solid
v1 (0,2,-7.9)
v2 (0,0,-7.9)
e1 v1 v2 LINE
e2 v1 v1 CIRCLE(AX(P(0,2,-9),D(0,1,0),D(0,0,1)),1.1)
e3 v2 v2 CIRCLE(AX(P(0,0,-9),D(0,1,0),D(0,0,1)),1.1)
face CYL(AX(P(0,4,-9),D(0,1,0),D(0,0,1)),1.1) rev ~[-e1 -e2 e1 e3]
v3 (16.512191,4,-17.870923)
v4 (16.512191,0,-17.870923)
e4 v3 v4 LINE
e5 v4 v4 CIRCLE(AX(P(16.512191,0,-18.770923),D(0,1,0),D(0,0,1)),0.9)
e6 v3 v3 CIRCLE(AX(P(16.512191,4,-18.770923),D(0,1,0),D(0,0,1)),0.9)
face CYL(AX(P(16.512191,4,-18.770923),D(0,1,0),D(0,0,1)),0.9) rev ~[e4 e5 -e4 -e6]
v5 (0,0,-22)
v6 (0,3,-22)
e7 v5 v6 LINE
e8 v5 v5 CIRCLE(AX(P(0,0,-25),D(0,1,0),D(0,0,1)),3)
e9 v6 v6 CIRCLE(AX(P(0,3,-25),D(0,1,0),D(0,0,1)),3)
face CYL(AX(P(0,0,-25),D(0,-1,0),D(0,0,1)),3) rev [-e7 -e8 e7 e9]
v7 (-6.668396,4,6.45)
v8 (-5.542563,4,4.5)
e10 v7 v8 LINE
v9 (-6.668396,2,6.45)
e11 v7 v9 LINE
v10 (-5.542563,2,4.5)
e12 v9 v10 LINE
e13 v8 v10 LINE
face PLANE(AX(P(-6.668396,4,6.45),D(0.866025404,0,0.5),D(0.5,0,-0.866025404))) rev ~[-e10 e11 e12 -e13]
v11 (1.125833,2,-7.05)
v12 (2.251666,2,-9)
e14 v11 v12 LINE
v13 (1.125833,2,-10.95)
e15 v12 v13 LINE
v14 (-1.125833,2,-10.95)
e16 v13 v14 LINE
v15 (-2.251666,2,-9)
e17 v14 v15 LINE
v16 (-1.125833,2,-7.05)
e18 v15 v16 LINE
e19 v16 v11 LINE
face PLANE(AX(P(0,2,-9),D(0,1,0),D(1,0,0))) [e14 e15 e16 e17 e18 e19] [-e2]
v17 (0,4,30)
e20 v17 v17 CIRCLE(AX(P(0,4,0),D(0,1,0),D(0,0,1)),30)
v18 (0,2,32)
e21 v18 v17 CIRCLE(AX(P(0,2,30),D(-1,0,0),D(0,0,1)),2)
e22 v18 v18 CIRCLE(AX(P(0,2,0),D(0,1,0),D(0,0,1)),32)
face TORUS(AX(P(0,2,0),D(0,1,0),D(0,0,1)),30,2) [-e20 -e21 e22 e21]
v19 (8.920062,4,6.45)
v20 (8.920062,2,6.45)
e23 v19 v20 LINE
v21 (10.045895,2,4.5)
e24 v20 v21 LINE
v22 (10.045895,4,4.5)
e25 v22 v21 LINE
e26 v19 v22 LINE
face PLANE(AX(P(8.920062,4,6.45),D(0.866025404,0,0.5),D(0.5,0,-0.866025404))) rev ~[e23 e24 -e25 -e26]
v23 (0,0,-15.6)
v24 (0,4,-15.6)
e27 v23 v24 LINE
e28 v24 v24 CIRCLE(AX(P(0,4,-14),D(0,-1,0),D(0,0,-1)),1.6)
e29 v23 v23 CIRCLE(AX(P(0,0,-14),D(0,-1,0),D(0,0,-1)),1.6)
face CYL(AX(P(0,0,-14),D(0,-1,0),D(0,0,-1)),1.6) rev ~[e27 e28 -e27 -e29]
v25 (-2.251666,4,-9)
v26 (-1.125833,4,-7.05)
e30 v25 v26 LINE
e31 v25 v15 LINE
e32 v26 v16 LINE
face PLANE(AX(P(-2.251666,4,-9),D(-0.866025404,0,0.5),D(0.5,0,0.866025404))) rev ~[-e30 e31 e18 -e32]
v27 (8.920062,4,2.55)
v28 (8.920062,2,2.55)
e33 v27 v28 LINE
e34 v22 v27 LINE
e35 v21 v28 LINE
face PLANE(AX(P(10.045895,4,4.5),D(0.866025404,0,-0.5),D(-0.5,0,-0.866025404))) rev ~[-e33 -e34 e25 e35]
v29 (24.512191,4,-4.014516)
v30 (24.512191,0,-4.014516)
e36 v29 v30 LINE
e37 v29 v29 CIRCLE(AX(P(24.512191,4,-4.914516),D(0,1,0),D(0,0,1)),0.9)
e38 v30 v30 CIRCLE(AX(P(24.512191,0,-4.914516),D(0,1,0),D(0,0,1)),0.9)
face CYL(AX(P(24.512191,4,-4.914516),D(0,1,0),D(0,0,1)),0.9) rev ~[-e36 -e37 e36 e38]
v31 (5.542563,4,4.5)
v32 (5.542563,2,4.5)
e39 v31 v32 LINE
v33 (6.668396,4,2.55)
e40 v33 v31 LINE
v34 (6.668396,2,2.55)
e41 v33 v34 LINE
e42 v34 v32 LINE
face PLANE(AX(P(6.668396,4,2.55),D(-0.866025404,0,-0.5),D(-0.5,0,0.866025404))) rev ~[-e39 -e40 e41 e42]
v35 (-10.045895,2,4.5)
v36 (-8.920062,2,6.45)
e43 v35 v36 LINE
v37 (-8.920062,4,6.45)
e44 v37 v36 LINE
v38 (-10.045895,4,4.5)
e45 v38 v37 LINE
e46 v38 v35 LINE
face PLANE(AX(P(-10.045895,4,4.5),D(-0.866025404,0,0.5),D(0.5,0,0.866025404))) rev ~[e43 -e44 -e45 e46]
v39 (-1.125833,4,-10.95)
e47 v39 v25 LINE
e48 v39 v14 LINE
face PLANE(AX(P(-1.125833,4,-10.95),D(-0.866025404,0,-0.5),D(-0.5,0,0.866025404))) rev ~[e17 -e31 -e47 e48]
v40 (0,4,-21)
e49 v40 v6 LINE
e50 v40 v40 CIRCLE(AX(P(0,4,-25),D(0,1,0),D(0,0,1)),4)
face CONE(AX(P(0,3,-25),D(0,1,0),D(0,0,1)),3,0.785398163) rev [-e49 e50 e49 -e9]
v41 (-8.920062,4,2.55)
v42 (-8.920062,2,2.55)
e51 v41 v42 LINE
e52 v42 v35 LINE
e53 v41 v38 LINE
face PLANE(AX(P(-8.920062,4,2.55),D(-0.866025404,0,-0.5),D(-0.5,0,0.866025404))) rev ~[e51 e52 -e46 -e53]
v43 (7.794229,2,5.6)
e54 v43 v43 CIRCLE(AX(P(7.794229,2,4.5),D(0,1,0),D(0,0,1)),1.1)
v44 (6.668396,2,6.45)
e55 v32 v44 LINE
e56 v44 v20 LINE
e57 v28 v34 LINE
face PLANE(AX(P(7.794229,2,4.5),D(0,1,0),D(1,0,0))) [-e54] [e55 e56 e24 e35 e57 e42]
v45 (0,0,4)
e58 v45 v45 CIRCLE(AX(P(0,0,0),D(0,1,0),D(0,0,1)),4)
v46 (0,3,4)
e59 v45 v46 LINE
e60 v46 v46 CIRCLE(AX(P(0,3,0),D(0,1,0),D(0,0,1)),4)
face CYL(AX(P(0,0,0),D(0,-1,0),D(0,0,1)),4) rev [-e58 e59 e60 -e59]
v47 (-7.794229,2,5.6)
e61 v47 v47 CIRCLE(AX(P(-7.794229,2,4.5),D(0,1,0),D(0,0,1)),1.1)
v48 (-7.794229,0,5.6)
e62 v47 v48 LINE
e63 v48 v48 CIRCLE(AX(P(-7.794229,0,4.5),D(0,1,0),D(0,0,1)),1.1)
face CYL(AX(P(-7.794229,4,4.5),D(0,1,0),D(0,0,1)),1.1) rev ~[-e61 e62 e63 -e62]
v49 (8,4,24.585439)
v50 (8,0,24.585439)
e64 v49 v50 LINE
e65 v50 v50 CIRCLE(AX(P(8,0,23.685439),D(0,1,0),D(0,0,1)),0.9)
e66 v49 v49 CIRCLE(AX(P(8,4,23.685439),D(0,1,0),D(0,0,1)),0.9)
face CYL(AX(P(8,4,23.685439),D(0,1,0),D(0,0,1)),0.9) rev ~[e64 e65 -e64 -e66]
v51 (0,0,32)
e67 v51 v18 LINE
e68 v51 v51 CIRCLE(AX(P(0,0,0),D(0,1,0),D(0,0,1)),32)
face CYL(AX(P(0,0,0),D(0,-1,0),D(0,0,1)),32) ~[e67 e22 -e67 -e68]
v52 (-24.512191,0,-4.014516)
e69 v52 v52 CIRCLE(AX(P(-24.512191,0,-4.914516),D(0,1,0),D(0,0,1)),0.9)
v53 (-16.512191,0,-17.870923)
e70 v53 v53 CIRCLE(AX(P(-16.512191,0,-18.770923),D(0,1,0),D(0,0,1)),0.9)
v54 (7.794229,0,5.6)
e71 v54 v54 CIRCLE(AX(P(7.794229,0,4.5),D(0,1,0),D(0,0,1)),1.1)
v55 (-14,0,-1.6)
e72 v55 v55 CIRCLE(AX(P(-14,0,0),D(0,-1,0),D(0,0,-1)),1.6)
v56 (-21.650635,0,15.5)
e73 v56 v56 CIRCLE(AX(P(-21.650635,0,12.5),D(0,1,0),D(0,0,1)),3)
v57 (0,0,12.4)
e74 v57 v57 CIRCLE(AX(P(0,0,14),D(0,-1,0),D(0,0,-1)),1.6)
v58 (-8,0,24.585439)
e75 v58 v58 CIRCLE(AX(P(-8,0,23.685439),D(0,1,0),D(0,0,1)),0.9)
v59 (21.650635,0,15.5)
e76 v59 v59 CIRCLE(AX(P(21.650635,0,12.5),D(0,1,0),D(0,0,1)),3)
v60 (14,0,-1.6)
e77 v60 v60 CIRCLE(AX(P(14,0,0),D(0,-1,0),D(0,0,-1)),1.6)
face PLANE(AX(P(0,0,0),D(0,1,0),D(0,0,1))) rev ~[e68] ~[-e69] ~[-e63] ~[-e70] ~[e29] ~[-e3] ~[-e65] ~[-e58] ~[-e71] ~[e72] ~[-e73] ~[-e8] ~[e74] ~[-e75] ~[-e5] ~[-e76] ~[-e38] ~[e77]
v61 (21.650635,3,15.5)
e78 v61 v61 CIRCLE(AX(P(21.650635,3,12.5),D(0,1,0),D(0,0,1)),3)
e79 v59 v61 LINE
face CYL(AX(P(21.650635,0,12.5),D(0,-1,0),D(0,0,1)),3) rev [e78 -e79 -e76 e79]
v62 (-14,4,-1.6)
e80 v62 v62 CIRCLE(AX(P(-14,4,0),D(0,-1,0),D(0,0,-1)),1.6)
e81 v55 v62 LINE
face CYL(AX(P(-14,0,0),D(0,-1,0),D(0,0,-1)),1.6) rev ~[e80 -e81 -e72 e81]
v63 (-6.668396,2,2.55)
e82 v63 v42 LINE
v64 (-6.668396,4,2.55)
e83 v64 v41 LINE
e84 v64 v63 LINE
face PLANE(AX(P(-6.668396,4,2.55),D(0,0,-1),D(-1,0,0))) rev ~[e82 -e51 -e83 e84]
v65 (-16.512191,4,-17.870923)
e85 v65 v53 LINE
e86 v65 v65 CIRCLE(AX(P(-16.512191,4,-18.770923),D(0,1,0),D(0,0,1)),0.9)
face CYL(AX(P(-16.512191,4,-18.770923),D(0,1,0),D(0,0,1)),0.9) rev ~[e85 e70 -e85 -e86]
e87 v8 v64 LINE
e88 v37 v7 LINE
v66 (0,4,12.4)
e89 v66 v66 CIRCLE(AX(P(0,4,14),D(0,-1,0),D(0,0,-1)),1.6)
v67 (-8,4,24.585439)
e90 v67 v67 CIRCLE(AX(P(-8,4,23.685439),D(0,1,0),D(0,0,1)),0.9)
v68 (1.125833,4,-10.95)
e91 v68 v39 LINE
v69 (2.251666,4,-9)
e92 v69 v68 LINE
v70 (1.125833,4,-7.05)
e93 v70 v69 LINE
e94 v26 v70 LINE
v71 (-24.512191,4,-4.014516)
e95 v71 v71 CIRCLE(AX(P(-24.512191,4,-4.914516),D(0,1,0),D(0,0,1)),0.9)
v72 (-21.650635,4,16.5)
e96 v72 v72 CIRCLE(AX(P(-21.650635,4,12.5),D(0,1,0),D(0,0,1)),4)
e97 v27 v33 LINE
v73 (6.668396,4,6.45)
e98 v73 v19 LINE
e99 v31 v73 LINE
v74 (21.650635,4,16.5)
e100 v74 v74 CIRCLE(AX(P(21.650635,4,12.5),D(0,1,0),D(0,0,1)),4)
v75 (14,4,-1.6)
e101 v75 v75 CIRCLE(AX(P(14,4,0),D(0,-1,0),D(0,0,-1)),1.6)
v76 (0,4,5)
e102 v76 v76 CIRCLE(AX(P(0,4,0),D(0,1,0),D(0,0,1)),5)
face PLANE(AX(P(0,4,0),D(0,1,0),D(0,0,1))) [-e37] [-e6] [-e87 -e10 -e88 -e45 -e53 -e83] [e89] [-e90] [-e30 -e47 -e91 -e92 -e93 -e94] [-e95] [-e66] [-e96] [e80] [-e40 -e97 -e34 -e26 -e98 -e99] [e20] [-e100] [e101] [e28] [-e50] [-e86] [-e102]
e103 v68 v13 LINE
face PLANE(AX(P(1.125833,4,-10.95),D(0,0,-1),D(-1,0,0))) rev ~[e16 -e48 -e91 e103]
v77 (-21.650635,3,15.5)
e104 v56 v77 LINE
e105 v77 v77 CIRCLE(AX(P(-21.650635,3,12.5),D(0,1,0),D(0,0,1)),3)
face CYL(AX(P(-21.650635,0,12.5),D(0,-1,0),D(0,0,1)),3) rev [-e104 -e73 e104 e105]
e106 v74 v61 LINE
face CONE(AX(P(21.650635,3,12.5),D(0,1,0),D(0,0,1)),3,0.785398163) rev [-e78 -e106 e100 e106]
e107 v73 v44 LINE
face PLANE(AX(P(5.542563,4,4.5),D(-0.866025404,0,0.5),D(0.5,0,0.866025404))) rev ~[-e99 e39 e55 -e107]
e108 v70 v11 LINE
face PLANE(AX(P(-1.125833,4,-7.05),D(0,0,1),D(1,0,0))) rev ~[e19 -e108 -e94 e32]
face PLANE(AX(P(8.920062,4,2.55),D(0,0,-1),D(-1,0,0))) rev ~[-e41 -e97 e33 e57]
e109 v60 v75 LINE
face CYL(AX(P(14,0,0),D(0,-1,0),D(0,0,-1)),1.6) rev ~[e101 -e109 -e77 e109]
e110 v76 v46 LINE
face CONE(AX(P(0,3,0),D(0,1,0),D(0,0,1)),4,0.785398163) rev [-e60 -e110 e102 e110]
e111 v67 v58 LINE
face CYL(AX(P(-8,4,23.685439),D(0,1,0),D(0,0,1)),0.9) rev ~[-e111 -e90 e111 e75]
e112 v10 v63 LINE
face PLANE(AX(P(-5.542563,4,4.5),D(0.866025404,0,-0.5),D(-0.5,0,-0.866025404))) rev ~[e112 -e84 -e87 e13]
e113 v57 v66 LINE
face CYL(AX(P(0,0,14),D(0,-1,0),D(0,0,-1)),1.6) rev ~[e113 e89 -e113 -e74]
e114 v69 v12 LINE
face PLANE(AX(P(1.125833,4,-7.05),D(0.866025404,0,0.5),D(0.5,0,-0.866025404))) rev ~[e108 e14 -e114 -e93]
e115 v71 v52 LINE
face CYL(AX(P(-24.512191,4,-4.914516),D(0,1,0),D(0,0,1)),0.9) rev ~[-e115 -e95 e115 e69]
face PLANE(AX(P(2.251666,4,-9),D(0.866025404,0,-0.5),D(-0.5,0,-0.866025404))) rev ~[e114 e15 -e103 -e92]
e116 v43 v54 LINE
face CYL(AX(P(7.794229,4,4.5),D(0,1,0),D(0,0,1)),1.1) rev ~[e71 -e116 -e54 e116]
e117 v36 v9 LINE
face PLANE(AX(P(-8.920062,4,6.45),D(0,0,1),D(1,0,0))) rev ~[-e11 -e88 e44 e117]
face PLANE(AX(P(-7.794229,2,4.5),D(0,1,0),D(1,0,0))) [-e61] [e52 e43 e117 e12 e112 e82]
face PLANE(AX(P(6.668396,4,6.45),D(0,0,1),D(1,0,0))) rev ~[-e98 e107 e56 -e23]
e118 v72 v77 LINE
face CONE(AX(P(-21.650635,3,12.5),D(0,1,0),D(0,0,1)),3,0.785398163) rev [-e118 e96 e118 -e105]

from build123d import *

# Parameters (mm, degrees)
SKETCH_1_R          = 32
SKETCH_1_R_2        = 4
SKETCH_1_R_3        = 3
EXTRUDE_1_DEPTH     = 4
FILLET_1_R          = 2
SKETCH_2_R          = 1.1
CUT_EXTRUDE_1_DEPTH = 46.431266766
SKETCH_3_R          = 1.6
CUT_EXTRUDE_2_DEPTH = 46.431266766
CUT_EXTRUDE_3_DEPTH = 2
CHAMFER_1_SIZE      = 1
SKETCH_5_R          = 0.9
CUT_EXTRUDE_4_DEPTH = 46.431266766


with BuildPart() as part:
    # Эскиз1 → Бобышка-Вытянуть1 (new body)
    with BuildSketch(Plane(origin=(0, 0, 0), x_dir=(1, 0, 0), z_dir=(0, 1, 0))):
        with Locations(Location((0, 0, 0), (0, 0, 270))):
            Circle(SKETCH_1_R)
        with Locations(Location((0, 0, 0), (0, 0, 270))):
            Circle(SKETCH_1_R_2, mode=Mode.SUBTRACT)
        with Locations(Location((0, 25, 0), (0, 0, 270))):
            Circle(SKETCH_1_R_3, mode=Mode.SUBTRACT)
        with Locations(Location((21.650635095, -12.5, 0), (0, 0, 270))):
            Circle(SKETCH_1_R_3, mode=Mode.SUBTRACT)
        with Locations(Location((-21.650635095, -12.5, 0), (0, 0, 270))):
            Circle(SKETCH_1_R_3, mode=Mode.SUBTRACT)
    extrude(amount=EXTRUDE_1_DEPTH)

    # Скругление1
    fillet_1_edges = [part.edges().sort_by_distance(p)[0] for p in [
        (0, 4, -32),
    ]]
    fillet(fillet_1_edges, radius=FILLET_1_R)

    # Эскиз2 → Вырез-Вытянуть1 (cut, through all)
    with BuildSketch(Plane(origin=(0, 4, 0), x_dir=(1, 0, 0), z_dir=(0, 1, 0))):
        with Locations(Location((0, 9, 0), (0, 0, 270))):
            Circle(SKETCH_2_R)
        with Locations(Location((7.794228634, -4.5, 0), (0, 0, 270))):
            Circle(SKETCH_2_R)
        with Locations(Location((-7.794228634, -4.5, 0), (0, 0, 270))):
            Circle(SKETCH_2_R)
    extrude(amount=-CUT_EXTRUDE_1_DEPTH, mode=Mode.SUBTRACT)

    # Эскиз3 → Вырез-Вытянуть2 (cut, through all)
    with BuildSketch(Plane.XZ):
        with Locations(Location((0, 14, 0), (0, 0, 270))):
            Circle(SKETCH_3_R)
        with Locations(Location((14, 0, 0), (0, 0, 270))):
            Circle(SKETCH_3_R)
        with Locations(Location((0, -14, 0), (0, 0, 270))):
            Circle(SKETCH_3_R)
        with Locations(Location((-14, 0, 0), (0, 0, 270))):
            Circle(SKETCH_3_R)
    extrude(amount=-CUT_EXTRUDE_2_DEPTH, mode=Mode.SUBTRACT)

    # Эскиз4 → Вырез-Вытянуть3 (cut)
    with BuildSketch(Plane(origin=(0, 4, 0), x_dir=(1, 0, 0), z_dir=(0, 1, 0))):
        Polygon((5.542562584, -4.5), (6.668395609, -6.45), (8.920061659, -6.45), (10.045894684, -4.5), (8.920061659, -2.55), (6.668395609, -2.55), align=None)
        Polygon((1.125833025, 7.05), (2.25166605, 9), (1.125833025, 10.95), (-1.125833025, 10.95), (-2.25166605, 9), (-1.125833025, 7.05), align=None)
        Polygon((-6.668395609, -2.55), (-8.920061659, -2.55), (-10.045894684, -4.5), (-8.920061659, -6.45), (-6.668395609, -6.45), (-5.542562584, -4.5), align=None)
    extrude(amount=-CUT_EXTRUDE_3_DEPTH, mode=Mode.SUBTRACT)

    # Фаска1
    chamfer_1_edges = [part.edges().sort_by_distance(p)[0] for p in [
        (21.650635095, 4, 9.5),
        (-21.650635095, 4, 9.5),
        (0, 4, -4),
        (0, 4, -28),
    ]]
    chamfer(chamfer_1_edges, length=CHAMFER_1_SIZE)

    # Эскиз5 → Вырез-Вытянуть4 (cut, through all)
    with BuildSketch(Plane(origin=(0, 4, 0), x_dir=(1, 0, 0), z_dir=(0, 1, 0))):
        with Locations(Location((-8, -23.685438565, 0), (0, 0, 270))):
            Circle(SKETCH_5_R)
        with Locations(Location((8, -23.685438565, 0), (0, 0, 270))):
            Circle(SKETCH_5_R)
        with Locations(Location((-16.512191497, 18.770922513, 0), (0, 0, 270))):
            Circle(SKETCH_5_R)
        with Locations(Location((-24.512191497, 4.914516052, 0), (0, 0, 270))):
            Circle(SKETCH_5_R)
        with Locations(Location((24.512191497, 4.914516052, 0), (0, 0, 270))):
            Circle(SKETCH_5_R)
        with Locations(Location((16.512191497, 18.770922513, 0), (0, 0, 270))):
            Circle(SKETCH_5_R)
    extrude(amount=-CUT_EXTRUDE_4_DEPTH, mode=Mode.SUBTRACT)


solid = part.part
